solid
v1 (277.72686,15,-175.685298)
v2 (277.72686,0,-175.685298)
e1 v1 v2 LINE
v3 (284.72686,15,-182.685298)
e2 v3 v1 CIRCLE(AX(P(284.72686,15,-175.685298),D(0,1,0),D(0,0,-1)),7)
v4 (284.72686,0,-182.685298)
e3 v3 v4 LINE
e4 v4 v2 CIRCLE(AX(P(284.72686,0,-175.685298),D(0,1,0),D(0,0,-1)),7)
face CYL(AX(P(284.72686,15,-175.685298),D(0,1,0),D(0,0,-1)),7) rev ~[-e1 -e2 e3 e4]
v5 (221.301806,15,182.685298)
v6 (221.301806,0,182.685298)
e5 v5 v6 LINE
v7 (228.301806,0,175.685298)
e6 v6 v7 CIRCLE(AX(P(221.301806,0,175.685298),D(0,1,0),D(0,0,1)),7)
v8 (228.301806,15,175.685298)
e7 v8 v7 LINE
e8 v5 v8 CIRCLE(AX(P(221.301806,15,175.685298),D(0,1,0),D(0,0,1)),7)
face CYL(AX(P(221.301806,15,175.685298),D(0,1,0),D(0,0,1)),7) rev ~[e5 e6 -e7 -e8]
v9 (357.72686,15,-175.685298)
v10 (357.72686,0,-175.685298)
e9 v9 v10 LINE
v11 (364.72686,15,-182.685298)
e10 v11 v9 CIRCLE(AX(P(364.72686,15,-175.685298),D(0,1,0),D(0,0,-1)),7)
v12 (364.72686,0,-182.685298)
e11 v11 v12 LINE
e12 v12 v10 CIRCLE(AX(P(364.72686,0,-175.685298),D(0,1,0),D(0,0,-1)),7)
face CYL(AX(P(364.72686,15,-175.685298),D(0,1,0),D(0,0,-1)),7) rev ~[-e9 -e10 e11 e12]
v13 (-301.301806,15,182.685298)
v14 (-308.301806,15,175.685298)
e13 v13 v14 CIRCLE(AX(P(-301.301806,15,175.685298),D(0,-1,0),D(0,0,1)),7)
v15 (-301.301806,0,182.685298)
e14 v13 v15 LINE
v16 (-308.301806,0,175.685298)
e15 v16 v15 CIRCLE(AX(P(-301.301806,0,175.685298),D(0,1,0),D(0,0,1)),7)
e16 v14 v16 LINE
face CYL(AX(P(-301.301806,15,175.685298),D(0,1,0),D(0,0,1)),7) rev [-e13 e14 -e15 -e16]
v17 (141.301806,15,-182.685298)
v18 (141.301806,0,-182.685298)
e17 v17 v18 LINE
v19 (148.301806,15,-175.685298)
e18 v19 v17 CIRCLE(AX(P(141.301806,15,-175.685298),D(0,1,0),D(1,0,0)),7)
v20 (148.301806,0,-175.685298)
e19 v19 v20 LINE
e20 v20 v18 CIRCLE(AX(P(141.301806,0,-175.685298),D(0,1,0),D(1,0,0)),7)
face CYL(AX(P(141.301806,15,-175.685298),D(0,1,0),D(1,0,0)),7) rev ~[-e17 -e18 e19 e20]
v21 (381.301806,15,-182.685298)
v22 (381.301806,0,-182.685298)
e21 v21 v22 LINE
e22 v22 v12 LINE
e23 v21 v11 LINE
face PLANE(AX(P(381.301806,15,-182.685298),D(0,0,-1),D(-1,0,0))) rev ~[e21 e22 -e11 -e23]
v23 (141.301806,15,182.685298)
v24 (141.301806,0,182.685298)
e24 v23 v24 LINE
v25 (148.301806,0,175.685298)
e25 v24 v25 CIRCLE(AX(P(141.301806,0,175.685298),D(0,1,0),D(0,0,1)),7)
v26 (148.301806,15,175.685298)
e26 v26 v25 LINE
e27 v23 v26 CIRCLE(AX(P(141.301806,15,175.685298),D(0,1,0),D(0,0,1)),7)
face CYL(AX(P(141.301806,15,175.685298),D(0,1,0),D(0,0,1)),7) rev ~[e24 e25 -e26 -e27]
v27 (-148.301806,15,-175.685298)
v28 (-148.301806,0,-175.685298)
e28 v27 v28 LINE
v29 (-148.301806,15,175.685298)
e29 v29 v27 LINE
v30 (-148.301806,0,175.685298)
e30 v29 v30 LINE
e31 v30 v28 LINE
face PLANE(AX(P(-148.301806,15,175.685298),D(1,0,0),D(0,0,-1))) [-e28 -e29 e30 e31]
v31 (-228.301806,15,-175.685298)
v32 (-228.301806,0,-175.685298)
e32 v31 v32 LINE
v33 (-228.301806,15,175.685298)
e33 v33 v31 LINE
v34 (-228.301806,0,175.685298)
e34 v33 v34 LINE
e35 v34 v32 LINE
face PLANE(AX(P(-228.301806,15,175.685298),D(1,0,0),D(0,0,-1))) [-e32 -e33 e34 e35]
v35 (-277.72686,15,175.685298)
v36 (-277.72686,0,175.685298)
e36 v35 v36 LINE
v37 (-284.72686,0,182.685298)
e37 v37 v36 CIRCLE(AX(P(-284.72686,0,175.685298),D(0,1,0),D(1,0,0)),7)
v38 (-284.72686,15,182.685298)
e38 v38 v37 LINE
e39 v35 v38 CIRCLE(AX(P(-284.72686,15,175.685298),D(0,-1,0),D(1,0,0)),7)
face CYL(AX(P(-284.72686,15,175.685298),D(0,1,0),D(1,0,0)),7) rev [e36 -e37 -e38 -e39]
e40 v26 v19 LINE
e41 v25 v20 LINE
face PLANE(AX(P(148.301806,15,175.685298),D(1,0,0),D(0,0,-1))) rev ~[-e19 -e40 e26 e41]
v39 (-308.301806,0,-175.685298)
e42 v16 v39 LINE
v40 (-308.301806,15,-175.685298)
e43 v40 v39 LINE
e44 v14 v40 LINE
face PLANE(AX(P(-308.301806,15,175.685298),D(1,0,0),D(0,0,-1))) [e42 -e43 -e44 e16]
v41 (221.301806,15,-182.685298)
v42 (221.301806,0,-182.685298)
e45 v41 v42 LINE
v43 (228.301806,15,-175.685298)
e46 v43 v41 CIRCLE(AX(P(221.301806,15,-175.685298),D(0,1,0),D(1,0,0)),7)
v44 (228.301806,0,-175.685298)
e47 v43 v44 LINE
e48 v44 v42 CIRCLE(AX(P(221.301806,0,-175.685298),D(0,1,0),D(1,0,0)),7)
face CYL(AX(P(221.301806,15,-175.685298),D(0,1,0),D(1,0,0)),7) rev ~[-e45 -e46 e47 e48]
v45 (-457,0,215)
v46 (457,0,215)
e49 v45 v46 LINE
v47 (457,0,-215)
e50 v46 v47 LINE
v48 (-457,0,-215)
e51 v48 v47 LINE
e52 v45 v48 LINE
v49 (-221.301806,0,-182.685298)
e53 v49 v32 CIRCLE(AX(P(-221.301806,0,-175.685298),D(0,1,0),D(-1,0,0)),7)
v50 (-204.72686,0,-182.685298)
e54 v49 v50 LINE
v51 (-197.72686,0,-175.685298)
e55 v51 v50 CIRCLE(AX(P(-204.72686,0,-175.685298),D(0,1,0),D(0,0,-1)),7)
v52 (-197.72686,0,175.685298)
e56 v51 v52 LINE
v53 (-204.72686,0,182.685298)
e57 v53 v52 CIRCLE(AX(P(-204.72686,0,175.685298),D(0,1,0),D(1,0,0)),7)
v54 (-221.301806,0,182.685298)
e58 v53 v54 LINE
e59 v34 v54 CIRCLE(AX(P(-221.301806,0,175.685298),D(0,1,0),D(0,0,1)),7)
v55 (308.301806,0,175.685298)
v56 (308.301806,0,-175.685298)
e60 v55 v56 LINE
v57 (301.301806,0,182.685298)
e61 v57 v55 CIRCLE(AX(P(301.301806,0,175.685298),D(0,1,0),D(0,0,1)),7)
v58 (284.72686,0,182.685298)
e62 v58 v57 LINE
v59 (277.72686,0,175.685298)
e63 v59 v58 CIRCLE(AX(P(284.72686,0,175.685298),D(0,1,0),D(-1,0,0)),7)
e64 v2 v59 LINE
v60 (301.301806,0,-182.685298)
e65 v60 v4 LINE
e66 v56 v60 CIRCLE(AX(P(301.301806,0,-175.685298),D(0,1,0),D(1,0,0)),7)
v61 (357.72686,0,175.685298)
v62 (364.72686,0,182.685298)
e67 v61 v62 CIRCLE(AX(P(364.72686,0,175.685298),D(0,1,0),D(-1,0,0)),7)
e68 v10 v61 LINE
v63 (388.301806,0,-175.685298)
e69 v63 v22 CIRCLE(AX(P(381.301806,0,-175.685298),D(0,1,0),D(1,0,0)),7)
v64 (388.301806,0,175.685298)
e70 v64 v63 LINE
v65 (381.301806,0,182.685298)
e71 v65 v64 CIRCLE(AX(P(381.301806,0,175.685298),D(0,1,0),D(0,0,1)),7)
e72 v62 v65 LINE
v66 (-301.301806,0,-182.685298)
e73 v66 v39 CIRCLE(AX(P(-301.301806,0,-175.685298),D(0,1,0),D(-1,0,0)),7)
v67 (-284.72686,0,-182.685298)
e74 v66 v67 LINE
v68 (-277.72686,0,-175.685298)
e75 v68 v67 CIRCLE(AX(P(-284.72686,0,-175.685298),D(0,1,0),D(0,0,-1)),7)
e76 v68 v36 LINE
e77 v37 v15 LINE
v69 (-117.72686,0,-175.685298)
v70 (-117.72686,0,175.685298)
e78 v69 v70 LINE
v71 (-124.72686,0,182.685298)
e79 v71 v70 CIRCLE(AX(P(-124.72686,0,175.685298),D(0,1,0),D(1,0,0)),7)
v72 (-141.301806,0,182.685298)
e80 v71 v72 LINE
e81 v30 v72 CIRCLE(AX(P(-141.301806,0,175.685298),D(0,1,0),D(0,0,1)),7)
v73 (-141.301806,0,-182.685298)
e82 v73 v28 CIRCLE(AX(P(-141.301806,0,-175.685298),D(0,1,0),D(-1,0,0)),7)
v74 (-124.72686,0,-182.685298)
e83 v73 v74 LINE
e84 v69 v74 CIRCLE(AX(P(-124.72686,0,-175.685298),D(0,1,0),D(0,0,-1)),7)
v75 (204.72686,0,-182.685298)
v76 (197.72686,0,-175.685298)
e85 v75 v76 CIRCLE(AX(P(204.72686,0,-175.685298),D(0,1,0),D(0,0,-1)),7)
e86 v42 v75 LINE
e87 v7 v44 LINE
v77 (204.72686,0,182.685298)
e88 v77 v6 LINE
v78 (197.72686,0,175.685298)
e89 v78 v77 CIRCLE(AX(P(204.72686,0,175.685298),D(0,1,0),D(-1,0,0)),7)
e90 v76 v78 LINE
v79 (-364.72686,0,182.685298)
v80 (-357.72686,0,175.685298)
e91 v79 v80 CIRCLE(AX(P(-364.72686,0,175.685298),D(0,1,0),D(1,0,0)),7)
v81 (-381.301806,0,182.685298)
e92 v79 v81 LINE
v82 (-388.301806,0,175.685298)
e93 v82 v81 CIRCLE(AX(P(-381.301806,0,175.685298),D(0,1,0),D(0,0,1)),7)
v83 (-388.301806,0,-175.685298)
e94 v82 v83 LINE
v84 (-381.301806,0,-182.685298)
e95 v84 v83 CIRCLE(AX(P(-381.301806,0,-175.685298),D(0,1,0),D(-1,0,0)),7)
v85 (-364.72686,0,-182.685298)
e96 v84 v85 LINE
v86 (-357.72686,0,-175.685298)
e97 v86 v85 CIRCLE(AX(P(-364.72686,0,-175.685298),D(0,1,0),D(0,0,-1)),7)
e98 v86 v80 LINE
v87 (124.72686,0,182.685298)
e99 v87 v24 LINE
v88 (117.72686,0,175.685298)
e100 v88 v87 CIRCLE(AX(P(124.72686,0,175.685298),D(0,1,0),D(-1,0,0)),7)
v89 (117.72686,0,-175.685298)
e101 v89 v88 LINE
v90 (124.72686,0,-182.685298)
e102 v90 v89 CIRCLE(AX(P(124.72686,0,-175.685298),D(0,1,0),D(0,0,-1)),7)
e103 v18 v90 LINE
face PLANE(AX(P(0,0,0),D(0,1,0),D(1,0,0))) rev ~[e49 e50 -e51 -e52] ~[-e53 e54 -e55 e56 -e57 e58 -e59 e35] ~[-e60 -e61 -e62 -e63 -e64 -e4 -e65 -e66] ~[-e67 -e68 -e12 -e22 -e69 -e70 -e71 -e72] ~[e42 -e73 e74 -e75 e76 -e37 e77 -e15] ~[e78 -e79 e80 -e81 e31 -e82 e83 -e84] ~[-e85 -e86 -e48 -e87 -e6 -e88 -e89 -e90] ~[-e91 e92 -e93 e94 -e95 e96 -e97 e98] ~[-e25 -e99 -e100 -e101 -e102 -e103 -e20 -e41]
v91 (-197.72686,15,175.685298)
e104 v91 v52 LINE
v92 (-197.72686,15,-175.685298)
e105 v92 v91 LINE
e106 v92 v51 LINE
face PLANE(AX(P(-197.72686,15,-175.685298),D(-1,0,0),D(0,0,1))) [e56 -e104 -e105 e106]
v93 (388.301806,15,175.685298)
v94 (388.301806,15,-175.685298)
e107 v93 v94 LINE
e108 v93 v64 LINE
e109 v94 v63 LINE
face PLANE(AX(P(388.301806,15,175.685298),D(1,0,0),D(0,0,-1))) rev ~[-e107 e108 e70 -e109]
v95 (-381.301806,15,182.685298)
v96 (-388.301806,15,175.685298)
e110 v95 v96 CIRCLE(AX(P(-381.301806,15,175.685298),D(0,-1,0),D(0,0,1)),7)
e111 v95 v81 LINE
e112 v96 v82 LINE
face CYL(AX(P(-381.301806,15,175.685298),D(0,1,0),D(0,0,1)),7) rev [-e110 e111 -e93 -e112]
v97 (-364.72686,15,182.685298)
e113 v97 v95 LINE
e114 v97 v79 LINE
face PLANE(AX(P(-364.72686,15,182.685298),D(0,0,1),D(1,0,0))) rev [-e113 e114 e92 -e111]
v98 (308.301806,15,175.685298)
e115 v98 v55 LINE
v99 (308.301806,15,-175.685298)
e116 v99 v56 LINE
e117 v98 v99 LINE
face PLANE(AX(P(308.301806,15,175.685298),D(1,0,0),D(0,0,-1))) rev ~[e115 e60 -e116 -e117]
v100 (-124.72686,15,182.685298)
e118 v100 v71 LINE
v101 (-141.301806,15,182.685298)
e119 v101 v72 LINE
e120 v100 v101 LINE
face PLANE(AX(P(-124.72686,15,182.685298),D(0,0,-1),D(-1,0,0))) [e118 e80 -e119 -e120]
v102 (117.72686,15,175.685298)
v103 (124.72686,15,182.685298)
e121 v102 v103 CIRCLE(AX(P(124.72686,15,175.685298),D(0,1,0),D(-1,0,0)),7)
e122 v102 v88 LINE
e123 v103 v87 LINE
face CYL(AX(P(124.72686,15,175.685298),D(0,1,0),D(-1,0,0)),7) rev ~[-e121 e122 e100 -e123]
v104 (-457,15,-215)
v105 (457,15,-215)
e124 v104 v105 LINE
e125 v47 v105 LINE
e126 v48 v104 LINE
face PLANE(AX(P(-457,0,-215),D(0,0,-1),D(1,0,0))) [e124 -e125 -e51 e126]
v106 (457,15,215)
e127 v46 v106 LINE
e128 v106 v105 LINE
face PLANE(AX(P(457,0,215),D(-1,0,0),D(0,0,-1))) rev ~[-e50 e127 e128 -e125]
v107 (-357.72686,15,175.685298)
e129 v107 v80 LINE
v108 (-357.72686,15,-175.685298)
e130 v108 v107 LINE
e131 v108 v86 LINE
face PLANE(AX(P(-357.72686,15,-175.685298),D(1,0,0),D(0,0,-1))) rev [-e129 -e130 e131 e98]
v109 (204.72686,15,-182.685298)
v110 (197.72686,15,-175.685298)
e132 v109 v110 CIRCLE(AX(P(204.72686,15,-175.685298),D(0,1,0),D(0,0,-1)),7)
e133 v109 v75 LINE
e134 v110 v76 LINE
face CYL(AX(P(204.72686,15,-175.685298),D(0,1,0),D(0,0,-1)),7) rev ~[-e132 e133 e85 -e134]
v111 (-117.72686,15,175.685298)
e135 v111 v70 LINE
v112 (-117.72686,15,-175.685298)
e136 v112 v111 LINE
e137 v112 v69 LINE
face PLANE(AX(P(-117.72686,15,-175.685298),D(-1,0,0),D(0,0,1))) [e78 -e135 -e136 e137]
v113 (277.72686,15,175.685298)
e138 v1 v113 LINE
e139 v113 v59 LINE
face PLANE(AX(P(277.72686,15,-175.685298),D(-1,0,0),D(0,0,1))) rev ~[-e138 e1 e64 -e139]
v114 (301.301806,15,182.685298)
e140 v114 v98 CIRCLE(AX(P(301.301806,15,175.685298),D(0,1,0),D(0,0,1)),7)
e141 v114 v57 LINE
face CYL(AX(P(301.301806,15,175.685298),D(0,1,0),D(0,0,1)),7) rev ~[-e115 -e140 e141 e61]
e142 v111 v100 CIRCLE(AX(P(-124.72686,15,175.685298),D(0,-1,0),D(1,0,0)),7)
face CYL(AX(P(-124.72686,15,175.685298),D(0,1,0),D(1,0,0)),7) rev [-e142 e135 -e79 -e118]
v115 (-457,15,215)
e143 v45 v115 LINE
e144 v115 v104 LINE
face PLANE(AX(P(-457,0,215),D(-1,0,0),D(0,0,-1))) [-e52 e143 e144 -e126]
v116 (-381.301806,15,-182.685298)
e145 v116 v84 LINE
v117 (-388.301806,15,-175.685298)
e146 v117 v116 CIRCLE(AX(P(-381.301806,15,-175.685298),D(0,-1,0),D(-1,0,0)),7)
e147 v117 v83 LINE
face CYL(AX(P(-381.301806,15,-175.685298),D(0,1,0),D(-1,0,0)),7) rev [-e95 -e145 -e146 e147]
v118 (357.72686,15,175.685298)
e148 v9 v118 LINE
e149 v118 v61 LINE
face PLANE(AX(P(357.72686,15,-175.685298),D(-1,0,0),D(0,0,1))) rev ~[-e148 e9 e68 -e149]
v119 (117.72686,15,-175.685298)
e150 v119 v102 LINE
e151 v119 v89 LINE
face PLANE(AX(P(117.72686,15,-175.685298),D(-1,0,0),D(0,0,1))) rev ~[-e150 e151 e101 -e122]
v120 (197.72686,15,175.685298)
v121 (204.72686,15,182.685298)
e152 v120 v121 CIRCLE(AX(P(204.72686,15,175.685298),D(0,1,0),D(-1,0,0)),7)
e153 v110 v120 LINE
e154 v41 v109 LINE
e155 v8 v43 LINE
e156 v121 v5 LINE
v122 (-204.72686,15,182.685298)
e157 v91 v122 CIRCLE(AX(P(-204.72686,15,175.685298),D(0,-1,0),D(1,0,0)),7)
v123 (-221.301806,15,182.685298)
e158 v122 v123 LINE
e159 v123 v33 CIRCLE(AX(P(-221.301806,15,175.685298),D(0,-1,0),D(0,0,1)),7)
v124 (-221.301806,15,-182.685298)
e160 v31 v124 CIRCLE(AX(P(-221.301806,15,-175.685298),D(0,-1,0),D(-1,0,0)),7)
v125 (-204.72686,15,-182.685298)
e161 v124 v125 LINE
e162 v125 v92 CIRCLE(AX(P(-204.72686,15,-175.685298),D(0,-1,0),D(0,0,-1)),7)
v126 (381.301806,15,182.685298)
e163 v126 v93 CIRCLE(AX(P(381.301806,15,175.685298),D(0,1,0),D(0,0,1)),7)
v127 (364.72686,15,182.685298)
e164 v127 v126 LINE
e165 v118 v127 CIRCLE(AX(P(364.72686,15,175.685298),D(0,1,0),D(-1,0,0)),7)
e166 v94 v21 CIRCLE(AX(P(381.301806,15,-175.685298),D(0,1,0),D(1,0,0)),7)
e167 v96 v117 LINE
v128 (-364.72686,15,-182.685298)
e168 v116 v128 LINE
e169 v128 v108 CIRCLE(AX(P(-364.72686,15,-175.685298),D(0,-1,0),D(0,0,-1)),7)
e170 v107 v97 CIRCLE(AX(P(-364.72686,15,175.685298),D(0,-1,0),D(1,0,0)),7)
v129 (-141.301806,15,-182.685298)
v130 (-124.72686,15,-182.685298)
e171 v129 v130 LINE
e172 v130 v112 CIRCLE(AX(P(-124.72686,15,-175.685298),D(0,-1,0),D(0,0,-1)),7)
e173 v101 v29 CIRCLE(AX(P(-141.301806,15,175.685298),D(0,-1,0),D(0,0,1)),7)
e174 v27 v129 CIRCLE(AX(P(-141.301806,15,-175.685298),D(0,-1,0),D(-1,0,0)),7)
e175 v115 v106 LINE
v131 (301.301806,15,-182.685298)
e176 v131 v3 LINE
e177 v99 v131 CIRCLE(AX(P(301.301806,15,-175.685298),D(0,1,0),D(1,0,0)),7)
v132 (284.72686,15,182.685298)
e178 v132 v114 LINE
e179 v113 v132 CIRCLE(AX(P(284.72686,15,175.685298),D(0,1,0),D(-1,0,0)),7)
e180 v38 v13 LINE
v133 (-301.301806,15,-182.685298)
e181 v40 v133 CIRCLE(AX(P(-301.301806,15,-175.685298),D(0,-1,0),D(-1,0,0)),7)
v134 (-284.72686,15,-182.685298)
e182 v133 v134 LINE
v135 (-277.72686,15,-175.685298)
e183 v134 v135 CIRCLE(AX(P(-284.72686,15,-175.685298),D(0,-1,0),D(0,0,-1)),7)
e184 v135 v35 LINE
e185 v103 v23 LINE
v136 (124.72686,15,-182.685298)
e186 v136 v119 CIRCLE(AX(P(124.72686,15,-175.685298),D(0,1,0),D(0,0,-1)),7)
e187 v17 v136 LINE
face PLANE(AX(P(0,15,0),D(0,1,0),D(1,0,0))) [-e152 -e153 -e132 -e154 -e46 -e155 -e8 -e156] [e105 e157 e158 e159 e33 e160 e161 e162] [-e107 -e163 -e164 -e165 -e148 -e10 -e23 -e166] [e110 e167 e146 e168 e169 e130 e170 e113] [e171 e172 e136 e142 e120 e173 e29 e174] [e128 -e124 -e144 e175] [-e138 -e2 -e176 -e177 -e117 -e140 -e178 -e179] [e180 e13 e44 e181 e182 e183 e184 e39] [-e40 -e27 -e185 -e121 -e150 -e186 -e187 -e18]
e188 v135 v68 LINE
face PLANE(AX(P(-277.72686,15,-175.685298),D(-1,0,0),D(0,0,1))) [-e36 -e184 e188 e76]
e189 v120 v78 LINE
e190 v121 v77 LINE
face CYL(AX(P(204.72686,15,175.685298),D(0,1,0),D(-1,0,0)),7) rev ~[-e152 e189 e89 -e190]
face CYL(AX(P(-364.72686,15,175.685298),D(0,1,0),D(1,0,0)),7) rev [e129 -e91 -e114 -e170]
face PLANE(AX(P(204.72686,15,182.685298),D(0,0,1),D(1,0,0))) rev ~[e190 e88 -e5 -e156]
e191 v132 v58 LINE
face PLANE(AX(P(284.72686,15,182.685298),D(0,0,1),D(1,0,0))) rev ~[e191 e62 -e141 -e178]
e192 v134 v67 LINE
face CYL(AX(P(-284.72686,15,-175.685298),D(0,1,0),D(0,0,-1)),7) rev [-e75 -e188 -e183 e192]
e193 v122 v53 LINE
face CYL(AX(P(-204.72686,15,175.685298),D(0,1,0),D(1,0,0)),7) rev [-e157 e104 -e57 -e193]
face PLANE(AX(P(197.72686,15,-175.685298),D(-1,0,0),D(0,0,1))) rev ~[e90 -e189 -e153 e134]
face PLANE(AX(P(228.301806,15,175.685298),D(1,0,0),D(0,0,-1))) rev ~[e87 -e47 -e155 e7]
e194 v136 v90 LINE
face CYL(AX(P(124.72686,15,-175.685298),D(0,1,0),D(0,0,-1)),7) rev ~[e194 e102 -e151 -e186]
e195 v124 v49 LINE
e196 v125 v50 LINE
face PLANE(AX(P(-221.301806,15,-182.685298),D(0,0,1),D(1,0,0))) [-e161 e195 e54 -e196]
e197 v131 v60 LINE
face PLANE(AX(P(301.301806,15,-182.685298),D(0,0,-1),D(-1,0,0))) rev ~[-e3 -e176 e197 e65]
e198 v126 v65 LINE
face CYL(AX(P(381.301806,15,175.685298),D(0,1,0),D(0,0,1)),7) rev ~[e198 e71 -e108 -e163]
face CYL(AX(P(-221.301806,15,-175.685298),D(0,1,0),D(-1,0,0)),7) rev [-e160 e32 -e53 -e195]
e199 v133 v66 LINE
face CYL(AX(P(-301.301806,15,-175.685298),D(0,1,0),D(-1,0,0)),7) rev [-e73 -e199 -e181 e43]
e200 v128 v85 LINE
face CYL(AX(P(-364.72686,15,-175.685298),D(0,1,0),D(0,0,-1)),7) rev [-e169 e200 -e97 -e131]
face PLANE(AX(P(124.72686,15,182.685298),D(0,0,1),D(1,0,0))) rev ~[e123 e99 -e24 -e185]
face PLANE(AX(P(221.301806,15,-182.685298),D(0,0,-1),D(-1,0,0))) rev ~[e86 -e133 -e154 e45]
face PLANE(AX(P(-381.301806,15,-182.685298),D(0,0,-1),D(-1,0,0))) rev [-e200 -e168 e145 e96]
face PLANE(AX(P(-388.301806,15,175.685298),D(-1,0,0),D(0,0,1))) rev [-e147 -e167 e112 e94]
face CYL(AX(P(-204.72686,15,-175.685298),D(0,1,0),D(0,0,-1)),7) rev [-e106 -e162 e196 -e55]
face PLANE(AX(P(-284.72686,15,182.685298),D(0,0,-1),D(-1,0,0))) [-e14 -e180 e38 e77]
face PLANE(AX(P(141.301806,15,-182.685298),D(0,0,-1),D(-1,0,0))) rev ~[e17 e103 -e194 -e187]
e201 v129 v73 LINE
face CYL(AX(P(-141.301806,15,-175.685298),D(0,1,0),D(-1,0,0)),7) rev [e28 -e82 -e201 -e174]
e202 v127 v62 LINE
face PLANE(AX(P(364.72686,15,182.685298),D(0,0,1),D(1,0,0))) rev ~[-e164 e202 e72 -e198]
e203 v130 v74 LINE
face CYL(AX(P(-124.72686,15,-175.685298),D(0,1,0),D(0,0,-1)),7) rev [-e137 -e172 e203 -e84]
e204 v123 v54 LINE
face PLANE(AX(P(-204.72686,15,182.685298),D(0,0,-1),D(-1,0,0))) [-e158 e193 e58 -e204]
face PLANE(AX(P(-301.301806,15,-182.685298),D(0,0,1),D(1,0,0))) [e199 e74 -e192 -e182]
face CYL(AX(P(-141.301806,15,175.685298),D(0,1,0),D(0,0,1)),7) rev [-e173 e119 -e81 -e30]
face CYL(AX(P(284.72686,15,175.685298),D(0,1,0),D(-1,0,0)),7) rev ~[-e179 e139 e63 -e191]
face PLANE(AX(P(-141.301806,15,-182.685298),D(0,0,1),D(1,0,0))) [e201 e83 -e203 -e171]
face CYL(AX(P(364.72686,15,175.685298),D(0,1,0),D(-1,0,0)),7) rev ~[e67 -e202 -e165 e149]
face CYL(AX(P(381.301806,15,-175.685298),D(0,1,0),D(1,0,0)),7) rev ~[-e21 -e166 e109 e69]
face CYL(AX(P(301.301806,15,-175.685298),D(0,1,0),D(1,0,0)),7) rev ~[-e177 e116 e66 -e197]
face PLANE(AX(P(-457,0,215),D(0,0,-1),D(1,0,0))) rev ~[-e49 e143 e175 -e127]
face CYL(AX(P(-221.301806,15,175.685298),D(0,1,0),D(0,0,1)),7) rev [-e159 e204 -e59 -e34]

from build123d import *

# Parameters (mm, degrees)
SKETCH1_W            = 914
SKETCH1_H            = 430
BOSS_EXTRUDE1_DEPTH  = 15
CUT_EXTRUDE2_DEPTH   = 16
LPATTERN1_COUNT      = 4
LPATTERN1_PITCH      = 80
MIRROR1_COPY_1_DEPTH = 16
MIRROR1_COPY_2_DEPTH = 16
MIRROR1_COPY_3_DEPTH = 16


with BuildPart() as part:
    # Sketch1 → Boss-Extrude1 (new body)
    with BuildSketch(Plane(origin=(0, 0, 0), x_dir=(1, 0, 0), z_dir=(0, 1, 0))):
        Rectangle(SKETCH1_W, SKETCH1_H)
    extrude(amount=BOSS_EXTRUDE1_DEPTH)

    # Sketch2 → Cut-Extrude2 (cut, through all)
    with BuildSketch(Plane(origin=(0, 15, 0), x_dir=(1, 0, 0), z_dir=(0, 1, 0))):
        with BuildLine():
            Line((364.726860249, -182.685298289), (381.301805569, -182.685298289))
            ThreePointArc((381.301805569, -182.685298289), (386.251553037, -180.635045758), (388.301805569, -175.685298289))
            Line((388.301805569, -175.685298289), (388.301805569, 175.685298289))
            ThreePointArc((388.301805569, 175.685298289), (386.251553037, 180.635045758), (381.301805569, 182.685298289))
            Line((381.301805569, 182.685298289), (364.726860249, 182.685298289))
            ThreePointArc((364.726860249, 182.685298289), (359.77711278, 180.635045758), (357.726860249, 175.685298289))
            Line((357.726860249, 175.685298289), (357.726860249, -175.685298289))
            ThreePointArc((357.726860249, -175.685298289), (359.77711278, -180.635045758), (364.726860249, -182.685298289))
        make_face()
    cut_extrude2 = extrude(amount=-CUT_EXTRUDE2_DEPTH, mode=Mode.SUBTRACT)

    # LPattern1: Cut-Extrude2 ×4
    with Locations(*[(-i * LPATTERN1_PITCH, 0, 0) for i in range(1, LPATTERN1_COUNT)]):
        add(cut_extrude2, mode=Mode.SUBTRACT)

    # Mirror1: Cut-Extrude2 across plane
    add(cut_extrude2.mirror(Plane(origin=(0, 0, 0), x_dir=(0, 0, 1), z_dir=(1, 0, 0))), mode=Mode.SUBTRACT)

    # Mirror1 copy 1 sketch → Mirror1 copy 1 (cut, through all)
    with BuildSketch(Plane(origin=(80, 15, 0), x_dir=(-1, 0, 0), z_dir=(0, 1, 0))):
        with BuildLine():
            Line((364.726860249, 182.685298289), (381.301805569, 182.685298289))
            ThreePointArc((381.301805569, 182.685298289), (386.251553037, 180.635045758), (388.301805569, 175.685298289))
            Line((388.301805569, 175.685298289), (388.301805569, -175.685298289))
            ThreePointArc((388.301805569, -175.685298289), (386.251553037, -180.635045758), (381.301805569, -182.685298289))
            Line((381.301805569, -182.685298289), (364.726860249, -182.685298289))
            ThreePointArc((364.726860249, -182.685298289), (359.77711278, -180.635045758), (357.726860249, -175.685298289))
            Line((357.726860249, -175.685298289), (357.726860249, 175.685298289))
            ThreePointArc((357.726860249, 175.685298289), (359.77711278, 180.635045758), (364.726860249, 182.685298289))
        make_face()
    extrude(amount=-MIRROR1_COPY_1_DEPTH, mode=Mode.SUBTRACT)

    # Mirror1 copy 2 sketch → Mirror1 copy 2 (cut, through all)
    with BuildSketch(Plane(origin=(160, 15, 0), x_dir=(-1, 0, 0), z_dir=(0, 1, 0))):
        with BuildLine():
            Line((364.726860249, 182.685298289), (381.301805569, 182.685298289))
            ThreePointArc((381.301805569, 182.685298289), (386.251553037, 180.635045758), (388.301805569, 175.685298289))
            Line((388.301805569, 175.685298289), (388.301805569, -175.685298289))
            ThreePointArc((388.301805569, -175.685298289), (386.251553037, -180.635045758), (381.301805569, -182.685298289))
            Line((381.301805569, -182.685298289), (364.726860249, -182.685298289))
            ThreePointArc((364.726860249, -182.685298289), (359.77711278, -180.635045758), (357.726860249, -175.685298289))
            Line((357.726860249, -175.685298289), (357.726860249, 175.685298289))
            ThreePointArc((357.726860249, 175.685298289), (359.77711278, 180.635045758), (364.726860249, 182.685298289))
        make_face()
    extrude(amount=-MIRROR1_COPY_2_DEPTH, mode=Mode.SUBTRACT)

    # Mirror1 copy 3 sketch → Mirror1 copy 3 (cut, through all)
    with BuildSketch(Plane(origin=(240, 15, 0), x_dir=(-1, 0, 0), z_dir=(0, 1, 0))):
        with BuildLine():
            Line((364.726860249, 182.685298289), (381.301805569, 182.685298289))
            ThreePointArc((381.301805569, 182.685298289), (386.251553037, 180.635045758), (388.301805569, 175.685298289))
            Line((388.301805569, 175.685298289), (388.301805569, -175.685298289))
            ThreePointArc((388.301805569, -175.685298289), (386.251553037, -180.635045758), (381.301805569, -182.685298289))
            Line((381.301805569, -182.685298289), (364.726860249, -182.685298289))
            ThreePointArc((364.726860249, -182.685298289), (359.77711278, -180.635045758), (357.726860249, -175.685298289))
            Line((357.726860249, -175.685298289), (357.726860249, 175.685298289))
            ThreePointArc((357.726860249, 175.685298289), (359.77711278, 180.635045758), (364.726860249, 182.685298289))
        make_face()
    extrude(amount=-MIRROR1_COPY_3_DEPTH, mode=Mode.SUBTRACT)


solid = part.part
